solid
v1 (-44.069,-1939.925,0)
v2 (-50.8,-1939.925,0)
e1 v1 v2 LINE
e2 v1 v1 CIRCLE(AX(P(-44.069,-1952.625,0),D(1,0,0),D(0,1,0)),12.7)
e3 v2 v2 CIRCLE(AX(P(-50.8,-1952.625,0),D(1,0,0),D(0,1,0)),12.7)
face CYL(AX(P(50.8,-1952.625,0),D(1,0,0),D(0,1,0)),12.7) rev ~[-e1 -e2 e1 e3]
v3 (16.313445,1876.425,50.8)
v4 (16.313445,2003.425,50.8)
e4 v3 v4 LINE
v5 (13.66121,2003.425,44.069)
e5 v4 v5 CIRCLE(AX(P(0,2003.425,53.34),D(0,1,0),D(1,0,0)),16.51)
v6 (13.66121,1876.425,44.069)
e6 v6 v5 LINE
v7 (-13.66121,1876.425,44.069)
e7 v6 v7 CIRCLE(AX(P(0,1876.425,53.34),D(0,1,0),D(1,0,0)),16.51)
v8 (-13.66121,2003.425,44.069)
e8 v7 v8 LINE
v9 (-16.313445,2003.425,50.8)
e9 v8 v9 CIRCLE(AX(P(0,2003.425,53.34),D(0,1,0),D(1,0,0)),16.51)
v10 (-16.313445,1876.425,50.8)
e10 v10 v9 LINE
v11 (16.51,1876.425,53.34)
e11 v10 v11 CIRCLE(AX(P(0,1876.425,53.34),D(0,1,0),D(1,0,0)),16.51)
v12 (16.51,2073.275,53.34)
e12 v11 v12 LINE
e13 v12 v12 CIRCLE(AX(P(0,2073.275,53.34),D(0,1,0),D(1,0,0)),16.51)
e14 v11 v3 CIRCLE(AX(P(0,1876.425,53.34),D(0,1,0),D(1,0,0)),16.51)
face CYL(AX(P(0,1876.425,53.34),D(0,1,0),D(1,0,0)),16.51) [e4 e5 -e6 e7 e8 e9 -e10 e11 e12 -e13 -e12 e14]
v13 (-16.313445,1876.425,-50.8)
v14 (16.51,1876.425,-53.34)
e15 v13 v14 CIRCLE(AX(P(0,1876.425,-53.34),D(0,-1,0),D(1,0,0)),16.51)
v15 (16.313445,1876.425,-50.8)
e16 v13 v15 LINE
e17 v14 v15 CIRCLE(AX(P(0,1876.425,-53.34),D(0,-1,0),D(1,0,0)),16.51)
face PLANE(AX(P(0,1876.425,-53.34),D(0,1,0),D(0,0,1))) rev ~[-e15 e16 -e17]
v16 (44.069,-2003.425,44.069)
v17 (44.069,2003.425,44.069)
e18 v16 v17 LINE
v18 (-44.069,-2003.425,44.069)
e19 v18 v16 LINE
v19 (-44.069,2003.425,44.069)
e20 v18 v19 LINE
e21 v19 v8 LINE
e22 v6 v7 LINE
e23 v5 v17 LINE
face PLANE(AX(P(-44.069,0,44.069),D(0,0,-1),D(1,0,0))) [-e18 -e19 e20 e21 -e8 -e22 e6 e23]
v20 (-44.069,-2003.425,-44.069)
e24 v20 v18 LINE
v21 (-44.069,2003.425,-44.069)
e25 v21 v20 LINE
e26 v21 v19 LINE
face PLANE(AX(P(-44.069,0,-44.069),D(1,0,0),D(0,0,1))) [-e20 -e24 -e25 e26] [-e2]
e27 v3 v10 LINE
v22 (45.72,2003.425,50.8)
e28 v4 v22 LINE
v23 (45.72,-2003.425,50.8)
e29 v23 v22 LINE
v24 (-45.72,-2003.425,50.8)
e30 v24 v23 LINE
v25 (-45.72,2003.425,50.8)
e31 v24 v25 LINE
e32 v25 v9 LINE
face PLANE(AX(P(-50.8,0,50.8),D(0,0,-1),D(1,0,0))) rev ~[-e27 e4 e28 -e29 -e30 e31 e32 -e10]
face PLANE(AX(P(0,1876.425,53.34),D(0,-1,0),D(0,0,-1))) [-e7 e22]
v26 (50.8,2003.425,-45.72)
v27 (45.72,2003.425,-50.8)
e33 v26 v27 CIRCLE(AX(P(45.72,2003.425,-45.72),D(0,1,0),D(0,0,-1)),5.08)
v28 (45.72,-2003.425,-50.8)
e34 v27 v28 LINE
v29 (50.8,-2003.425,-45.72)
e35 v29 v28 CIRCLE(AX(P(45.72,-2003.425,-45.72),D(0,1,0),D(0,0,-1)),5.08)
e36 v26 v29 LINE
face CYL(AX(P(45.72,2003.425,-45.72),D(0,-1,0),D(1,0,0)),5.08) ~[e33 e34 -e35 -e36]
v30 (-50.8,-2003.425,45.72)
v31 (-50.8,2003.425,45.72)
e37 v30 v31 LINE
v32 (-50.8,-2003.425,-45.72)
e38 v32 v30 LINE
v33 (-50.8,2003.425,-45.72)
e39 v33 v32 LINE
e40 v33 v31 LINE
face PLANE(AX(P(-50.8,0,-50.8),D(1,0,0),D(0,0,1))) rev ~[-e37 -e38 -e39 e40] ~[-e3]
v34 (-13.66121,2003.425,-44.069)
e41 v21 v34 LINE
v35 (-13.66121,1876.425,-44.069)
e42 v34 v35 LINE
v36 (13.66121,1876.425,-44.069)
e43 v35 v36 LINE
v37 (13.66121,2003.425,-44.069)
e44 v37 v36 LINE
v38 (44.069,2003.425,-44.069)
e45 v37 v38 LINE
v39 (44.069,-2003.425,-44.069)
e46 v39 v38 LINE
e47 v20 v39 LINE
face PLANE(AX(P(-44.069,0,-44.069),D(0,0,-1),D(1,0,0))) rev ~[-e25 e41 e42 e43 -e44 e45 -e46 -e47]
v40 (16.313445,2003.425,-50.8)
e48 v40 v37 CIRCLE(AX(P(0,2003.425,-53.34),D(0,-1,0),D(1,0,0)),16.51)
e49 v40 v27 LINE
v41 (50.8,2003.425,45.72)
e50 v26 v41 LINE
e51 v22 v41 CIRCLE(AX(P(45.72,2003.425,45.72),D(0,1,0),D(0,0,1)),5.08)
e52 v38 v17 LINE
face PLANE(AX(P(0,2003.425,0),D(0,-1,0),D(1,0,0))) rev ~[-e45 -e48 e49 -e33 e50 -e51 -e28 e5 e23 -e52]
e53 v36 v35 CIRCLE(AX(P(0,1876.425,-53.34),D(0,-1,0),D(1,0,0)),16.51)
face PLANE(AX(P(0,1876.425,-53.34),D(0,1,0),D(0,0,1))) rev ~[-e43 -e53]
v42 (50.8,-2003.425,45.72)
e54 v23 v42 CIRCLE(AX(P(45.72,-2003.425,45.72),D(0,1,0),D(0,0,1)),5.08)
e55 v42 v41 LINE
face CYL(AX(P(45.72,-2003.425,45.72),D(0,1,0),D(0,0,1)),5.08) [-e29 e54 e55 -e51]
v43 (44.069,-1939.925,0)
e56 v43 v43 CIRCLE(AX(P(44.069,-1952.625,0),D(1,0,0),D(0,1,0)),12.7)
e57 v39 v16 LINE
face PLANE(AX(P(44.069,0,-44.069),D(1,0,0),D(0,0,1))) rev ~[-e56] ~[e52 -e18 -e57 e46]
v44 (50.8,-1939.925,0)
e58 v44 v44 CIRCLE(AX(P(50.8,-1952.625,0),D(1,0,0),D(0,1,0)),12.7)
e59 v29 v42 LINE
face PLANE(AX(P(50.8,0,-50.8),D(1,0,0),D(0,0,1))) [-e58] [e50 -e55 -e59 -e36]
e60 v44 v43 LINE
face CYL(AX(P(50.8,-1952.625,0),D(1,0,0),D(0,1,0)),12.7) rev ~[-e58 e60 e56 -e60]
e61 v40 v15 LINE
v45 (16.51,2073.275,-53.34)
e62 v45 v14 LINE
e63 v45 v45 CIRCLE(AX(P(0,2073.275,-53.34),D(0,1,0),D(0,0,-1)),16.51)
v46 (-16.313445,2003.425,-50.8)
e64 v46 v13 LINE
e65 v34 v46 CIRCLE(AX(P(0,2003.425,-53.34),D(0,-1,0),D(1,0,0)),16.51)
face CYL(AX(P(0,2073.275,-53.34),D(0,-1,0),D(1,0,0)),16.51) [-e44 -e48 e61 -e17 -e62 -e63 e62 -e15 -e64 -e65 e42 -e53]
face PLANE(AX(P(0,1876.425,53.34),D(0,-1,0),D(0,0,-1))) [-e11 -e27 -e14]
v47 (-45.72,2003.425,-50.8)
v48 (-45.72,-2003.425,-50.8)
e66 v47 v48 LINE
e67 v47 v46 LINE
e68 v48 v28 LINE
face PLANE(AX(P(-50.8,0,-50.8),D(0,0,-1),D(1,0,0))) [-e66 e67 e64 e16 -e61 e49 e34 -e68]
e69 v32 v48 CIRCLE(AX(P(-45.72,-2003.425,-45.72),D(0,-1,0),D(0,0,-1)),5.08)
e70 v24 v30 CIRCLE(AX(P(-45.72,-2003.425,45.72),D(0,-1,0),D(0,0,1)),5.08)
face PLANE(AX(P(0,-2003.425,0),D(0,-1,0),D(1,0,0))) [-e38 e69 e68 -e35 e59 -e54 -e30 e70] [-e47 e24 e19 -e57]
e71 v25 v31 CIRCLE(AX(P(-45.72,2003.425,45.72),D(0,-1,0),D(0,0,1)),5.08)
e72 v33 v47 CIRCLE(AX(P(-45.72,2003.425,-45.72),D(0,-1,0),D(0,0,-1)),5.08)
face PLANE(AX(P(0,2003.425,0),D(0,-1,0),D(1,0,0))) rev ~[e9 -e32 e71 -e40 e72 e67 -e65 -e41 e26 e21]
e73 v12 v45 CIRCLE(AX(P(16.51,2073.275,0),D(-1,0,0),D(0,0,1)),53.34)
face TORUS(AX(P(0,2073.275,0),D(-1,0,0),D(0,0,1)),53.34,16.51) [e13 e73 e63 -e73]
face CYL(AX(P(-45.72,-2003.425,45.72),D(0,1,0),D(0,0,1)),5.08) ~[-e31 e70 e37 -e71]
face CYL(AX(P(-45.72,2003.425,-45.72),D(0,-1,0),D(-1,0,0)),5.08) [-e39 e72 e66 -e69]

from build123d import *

# Parameters (mm, degrees)
F0_W     = 101.6
F0_H     = 101.6
F0_W_2   = 88.138
F0_H_2   = 88.138
F1_DEPTH = 2003.425
F2_R     = 12.7
F3_DEPTH = 101.601
F6_R     = 16.51
F8_R     = 5.08


with BuildPart() as f1:
    # F0 (on Front) → F1 (new body, symmetric)
    with BuildSketch(Plane.XZ):
        Rectangle(F0_W, F0_H)
        Rectangle(F0_W_2, F0_H_2, mode=Mode.SUBTRACT)
    extrude(amount=F1_DEPTH, both=True)

    # F2 (on face) → F3 (cut, through all)
    with BuildSketch(Plane.YZ.offset(50.8)):
        with Locations((-1952.625, 0)):
            Circle(F2_R)
    extrude(amount=-F3_DEPTH, mode=Mode.SUBTRACT)

    # F7: sweep along a path in F4
    with BuildLine(Plane.YZ) as f7_path:
        Line((1876.425, 53.34), (2073.275, 53.34))
        ThreePointArc((2073.275, 53.34), (2126.615, 0), (2073.275, -53.34))
        Line((2073.275, -53.34), (1876.425, -53.34))
    # F6 (on plane+point) → F7 (sweep)
    with BuildSketch(Plane.XZ.offset(-1876.425)):
        with Locations((0, 53.34)):
            Circle(F6_R)
    sweep(path=f7_path.line)

    # F8
    f8_edges = [f1.edges().sort_by_distance(p)[0] for p in [
        (50.8, 0, 50.8),
        (-50.8, 0, 50.8),
        (50.8, 0, -50.8),
        (-50.8, 0, -50.8),
    ]]
    fillet(f8_edges, radius=F8_R)


solid = f1.part
